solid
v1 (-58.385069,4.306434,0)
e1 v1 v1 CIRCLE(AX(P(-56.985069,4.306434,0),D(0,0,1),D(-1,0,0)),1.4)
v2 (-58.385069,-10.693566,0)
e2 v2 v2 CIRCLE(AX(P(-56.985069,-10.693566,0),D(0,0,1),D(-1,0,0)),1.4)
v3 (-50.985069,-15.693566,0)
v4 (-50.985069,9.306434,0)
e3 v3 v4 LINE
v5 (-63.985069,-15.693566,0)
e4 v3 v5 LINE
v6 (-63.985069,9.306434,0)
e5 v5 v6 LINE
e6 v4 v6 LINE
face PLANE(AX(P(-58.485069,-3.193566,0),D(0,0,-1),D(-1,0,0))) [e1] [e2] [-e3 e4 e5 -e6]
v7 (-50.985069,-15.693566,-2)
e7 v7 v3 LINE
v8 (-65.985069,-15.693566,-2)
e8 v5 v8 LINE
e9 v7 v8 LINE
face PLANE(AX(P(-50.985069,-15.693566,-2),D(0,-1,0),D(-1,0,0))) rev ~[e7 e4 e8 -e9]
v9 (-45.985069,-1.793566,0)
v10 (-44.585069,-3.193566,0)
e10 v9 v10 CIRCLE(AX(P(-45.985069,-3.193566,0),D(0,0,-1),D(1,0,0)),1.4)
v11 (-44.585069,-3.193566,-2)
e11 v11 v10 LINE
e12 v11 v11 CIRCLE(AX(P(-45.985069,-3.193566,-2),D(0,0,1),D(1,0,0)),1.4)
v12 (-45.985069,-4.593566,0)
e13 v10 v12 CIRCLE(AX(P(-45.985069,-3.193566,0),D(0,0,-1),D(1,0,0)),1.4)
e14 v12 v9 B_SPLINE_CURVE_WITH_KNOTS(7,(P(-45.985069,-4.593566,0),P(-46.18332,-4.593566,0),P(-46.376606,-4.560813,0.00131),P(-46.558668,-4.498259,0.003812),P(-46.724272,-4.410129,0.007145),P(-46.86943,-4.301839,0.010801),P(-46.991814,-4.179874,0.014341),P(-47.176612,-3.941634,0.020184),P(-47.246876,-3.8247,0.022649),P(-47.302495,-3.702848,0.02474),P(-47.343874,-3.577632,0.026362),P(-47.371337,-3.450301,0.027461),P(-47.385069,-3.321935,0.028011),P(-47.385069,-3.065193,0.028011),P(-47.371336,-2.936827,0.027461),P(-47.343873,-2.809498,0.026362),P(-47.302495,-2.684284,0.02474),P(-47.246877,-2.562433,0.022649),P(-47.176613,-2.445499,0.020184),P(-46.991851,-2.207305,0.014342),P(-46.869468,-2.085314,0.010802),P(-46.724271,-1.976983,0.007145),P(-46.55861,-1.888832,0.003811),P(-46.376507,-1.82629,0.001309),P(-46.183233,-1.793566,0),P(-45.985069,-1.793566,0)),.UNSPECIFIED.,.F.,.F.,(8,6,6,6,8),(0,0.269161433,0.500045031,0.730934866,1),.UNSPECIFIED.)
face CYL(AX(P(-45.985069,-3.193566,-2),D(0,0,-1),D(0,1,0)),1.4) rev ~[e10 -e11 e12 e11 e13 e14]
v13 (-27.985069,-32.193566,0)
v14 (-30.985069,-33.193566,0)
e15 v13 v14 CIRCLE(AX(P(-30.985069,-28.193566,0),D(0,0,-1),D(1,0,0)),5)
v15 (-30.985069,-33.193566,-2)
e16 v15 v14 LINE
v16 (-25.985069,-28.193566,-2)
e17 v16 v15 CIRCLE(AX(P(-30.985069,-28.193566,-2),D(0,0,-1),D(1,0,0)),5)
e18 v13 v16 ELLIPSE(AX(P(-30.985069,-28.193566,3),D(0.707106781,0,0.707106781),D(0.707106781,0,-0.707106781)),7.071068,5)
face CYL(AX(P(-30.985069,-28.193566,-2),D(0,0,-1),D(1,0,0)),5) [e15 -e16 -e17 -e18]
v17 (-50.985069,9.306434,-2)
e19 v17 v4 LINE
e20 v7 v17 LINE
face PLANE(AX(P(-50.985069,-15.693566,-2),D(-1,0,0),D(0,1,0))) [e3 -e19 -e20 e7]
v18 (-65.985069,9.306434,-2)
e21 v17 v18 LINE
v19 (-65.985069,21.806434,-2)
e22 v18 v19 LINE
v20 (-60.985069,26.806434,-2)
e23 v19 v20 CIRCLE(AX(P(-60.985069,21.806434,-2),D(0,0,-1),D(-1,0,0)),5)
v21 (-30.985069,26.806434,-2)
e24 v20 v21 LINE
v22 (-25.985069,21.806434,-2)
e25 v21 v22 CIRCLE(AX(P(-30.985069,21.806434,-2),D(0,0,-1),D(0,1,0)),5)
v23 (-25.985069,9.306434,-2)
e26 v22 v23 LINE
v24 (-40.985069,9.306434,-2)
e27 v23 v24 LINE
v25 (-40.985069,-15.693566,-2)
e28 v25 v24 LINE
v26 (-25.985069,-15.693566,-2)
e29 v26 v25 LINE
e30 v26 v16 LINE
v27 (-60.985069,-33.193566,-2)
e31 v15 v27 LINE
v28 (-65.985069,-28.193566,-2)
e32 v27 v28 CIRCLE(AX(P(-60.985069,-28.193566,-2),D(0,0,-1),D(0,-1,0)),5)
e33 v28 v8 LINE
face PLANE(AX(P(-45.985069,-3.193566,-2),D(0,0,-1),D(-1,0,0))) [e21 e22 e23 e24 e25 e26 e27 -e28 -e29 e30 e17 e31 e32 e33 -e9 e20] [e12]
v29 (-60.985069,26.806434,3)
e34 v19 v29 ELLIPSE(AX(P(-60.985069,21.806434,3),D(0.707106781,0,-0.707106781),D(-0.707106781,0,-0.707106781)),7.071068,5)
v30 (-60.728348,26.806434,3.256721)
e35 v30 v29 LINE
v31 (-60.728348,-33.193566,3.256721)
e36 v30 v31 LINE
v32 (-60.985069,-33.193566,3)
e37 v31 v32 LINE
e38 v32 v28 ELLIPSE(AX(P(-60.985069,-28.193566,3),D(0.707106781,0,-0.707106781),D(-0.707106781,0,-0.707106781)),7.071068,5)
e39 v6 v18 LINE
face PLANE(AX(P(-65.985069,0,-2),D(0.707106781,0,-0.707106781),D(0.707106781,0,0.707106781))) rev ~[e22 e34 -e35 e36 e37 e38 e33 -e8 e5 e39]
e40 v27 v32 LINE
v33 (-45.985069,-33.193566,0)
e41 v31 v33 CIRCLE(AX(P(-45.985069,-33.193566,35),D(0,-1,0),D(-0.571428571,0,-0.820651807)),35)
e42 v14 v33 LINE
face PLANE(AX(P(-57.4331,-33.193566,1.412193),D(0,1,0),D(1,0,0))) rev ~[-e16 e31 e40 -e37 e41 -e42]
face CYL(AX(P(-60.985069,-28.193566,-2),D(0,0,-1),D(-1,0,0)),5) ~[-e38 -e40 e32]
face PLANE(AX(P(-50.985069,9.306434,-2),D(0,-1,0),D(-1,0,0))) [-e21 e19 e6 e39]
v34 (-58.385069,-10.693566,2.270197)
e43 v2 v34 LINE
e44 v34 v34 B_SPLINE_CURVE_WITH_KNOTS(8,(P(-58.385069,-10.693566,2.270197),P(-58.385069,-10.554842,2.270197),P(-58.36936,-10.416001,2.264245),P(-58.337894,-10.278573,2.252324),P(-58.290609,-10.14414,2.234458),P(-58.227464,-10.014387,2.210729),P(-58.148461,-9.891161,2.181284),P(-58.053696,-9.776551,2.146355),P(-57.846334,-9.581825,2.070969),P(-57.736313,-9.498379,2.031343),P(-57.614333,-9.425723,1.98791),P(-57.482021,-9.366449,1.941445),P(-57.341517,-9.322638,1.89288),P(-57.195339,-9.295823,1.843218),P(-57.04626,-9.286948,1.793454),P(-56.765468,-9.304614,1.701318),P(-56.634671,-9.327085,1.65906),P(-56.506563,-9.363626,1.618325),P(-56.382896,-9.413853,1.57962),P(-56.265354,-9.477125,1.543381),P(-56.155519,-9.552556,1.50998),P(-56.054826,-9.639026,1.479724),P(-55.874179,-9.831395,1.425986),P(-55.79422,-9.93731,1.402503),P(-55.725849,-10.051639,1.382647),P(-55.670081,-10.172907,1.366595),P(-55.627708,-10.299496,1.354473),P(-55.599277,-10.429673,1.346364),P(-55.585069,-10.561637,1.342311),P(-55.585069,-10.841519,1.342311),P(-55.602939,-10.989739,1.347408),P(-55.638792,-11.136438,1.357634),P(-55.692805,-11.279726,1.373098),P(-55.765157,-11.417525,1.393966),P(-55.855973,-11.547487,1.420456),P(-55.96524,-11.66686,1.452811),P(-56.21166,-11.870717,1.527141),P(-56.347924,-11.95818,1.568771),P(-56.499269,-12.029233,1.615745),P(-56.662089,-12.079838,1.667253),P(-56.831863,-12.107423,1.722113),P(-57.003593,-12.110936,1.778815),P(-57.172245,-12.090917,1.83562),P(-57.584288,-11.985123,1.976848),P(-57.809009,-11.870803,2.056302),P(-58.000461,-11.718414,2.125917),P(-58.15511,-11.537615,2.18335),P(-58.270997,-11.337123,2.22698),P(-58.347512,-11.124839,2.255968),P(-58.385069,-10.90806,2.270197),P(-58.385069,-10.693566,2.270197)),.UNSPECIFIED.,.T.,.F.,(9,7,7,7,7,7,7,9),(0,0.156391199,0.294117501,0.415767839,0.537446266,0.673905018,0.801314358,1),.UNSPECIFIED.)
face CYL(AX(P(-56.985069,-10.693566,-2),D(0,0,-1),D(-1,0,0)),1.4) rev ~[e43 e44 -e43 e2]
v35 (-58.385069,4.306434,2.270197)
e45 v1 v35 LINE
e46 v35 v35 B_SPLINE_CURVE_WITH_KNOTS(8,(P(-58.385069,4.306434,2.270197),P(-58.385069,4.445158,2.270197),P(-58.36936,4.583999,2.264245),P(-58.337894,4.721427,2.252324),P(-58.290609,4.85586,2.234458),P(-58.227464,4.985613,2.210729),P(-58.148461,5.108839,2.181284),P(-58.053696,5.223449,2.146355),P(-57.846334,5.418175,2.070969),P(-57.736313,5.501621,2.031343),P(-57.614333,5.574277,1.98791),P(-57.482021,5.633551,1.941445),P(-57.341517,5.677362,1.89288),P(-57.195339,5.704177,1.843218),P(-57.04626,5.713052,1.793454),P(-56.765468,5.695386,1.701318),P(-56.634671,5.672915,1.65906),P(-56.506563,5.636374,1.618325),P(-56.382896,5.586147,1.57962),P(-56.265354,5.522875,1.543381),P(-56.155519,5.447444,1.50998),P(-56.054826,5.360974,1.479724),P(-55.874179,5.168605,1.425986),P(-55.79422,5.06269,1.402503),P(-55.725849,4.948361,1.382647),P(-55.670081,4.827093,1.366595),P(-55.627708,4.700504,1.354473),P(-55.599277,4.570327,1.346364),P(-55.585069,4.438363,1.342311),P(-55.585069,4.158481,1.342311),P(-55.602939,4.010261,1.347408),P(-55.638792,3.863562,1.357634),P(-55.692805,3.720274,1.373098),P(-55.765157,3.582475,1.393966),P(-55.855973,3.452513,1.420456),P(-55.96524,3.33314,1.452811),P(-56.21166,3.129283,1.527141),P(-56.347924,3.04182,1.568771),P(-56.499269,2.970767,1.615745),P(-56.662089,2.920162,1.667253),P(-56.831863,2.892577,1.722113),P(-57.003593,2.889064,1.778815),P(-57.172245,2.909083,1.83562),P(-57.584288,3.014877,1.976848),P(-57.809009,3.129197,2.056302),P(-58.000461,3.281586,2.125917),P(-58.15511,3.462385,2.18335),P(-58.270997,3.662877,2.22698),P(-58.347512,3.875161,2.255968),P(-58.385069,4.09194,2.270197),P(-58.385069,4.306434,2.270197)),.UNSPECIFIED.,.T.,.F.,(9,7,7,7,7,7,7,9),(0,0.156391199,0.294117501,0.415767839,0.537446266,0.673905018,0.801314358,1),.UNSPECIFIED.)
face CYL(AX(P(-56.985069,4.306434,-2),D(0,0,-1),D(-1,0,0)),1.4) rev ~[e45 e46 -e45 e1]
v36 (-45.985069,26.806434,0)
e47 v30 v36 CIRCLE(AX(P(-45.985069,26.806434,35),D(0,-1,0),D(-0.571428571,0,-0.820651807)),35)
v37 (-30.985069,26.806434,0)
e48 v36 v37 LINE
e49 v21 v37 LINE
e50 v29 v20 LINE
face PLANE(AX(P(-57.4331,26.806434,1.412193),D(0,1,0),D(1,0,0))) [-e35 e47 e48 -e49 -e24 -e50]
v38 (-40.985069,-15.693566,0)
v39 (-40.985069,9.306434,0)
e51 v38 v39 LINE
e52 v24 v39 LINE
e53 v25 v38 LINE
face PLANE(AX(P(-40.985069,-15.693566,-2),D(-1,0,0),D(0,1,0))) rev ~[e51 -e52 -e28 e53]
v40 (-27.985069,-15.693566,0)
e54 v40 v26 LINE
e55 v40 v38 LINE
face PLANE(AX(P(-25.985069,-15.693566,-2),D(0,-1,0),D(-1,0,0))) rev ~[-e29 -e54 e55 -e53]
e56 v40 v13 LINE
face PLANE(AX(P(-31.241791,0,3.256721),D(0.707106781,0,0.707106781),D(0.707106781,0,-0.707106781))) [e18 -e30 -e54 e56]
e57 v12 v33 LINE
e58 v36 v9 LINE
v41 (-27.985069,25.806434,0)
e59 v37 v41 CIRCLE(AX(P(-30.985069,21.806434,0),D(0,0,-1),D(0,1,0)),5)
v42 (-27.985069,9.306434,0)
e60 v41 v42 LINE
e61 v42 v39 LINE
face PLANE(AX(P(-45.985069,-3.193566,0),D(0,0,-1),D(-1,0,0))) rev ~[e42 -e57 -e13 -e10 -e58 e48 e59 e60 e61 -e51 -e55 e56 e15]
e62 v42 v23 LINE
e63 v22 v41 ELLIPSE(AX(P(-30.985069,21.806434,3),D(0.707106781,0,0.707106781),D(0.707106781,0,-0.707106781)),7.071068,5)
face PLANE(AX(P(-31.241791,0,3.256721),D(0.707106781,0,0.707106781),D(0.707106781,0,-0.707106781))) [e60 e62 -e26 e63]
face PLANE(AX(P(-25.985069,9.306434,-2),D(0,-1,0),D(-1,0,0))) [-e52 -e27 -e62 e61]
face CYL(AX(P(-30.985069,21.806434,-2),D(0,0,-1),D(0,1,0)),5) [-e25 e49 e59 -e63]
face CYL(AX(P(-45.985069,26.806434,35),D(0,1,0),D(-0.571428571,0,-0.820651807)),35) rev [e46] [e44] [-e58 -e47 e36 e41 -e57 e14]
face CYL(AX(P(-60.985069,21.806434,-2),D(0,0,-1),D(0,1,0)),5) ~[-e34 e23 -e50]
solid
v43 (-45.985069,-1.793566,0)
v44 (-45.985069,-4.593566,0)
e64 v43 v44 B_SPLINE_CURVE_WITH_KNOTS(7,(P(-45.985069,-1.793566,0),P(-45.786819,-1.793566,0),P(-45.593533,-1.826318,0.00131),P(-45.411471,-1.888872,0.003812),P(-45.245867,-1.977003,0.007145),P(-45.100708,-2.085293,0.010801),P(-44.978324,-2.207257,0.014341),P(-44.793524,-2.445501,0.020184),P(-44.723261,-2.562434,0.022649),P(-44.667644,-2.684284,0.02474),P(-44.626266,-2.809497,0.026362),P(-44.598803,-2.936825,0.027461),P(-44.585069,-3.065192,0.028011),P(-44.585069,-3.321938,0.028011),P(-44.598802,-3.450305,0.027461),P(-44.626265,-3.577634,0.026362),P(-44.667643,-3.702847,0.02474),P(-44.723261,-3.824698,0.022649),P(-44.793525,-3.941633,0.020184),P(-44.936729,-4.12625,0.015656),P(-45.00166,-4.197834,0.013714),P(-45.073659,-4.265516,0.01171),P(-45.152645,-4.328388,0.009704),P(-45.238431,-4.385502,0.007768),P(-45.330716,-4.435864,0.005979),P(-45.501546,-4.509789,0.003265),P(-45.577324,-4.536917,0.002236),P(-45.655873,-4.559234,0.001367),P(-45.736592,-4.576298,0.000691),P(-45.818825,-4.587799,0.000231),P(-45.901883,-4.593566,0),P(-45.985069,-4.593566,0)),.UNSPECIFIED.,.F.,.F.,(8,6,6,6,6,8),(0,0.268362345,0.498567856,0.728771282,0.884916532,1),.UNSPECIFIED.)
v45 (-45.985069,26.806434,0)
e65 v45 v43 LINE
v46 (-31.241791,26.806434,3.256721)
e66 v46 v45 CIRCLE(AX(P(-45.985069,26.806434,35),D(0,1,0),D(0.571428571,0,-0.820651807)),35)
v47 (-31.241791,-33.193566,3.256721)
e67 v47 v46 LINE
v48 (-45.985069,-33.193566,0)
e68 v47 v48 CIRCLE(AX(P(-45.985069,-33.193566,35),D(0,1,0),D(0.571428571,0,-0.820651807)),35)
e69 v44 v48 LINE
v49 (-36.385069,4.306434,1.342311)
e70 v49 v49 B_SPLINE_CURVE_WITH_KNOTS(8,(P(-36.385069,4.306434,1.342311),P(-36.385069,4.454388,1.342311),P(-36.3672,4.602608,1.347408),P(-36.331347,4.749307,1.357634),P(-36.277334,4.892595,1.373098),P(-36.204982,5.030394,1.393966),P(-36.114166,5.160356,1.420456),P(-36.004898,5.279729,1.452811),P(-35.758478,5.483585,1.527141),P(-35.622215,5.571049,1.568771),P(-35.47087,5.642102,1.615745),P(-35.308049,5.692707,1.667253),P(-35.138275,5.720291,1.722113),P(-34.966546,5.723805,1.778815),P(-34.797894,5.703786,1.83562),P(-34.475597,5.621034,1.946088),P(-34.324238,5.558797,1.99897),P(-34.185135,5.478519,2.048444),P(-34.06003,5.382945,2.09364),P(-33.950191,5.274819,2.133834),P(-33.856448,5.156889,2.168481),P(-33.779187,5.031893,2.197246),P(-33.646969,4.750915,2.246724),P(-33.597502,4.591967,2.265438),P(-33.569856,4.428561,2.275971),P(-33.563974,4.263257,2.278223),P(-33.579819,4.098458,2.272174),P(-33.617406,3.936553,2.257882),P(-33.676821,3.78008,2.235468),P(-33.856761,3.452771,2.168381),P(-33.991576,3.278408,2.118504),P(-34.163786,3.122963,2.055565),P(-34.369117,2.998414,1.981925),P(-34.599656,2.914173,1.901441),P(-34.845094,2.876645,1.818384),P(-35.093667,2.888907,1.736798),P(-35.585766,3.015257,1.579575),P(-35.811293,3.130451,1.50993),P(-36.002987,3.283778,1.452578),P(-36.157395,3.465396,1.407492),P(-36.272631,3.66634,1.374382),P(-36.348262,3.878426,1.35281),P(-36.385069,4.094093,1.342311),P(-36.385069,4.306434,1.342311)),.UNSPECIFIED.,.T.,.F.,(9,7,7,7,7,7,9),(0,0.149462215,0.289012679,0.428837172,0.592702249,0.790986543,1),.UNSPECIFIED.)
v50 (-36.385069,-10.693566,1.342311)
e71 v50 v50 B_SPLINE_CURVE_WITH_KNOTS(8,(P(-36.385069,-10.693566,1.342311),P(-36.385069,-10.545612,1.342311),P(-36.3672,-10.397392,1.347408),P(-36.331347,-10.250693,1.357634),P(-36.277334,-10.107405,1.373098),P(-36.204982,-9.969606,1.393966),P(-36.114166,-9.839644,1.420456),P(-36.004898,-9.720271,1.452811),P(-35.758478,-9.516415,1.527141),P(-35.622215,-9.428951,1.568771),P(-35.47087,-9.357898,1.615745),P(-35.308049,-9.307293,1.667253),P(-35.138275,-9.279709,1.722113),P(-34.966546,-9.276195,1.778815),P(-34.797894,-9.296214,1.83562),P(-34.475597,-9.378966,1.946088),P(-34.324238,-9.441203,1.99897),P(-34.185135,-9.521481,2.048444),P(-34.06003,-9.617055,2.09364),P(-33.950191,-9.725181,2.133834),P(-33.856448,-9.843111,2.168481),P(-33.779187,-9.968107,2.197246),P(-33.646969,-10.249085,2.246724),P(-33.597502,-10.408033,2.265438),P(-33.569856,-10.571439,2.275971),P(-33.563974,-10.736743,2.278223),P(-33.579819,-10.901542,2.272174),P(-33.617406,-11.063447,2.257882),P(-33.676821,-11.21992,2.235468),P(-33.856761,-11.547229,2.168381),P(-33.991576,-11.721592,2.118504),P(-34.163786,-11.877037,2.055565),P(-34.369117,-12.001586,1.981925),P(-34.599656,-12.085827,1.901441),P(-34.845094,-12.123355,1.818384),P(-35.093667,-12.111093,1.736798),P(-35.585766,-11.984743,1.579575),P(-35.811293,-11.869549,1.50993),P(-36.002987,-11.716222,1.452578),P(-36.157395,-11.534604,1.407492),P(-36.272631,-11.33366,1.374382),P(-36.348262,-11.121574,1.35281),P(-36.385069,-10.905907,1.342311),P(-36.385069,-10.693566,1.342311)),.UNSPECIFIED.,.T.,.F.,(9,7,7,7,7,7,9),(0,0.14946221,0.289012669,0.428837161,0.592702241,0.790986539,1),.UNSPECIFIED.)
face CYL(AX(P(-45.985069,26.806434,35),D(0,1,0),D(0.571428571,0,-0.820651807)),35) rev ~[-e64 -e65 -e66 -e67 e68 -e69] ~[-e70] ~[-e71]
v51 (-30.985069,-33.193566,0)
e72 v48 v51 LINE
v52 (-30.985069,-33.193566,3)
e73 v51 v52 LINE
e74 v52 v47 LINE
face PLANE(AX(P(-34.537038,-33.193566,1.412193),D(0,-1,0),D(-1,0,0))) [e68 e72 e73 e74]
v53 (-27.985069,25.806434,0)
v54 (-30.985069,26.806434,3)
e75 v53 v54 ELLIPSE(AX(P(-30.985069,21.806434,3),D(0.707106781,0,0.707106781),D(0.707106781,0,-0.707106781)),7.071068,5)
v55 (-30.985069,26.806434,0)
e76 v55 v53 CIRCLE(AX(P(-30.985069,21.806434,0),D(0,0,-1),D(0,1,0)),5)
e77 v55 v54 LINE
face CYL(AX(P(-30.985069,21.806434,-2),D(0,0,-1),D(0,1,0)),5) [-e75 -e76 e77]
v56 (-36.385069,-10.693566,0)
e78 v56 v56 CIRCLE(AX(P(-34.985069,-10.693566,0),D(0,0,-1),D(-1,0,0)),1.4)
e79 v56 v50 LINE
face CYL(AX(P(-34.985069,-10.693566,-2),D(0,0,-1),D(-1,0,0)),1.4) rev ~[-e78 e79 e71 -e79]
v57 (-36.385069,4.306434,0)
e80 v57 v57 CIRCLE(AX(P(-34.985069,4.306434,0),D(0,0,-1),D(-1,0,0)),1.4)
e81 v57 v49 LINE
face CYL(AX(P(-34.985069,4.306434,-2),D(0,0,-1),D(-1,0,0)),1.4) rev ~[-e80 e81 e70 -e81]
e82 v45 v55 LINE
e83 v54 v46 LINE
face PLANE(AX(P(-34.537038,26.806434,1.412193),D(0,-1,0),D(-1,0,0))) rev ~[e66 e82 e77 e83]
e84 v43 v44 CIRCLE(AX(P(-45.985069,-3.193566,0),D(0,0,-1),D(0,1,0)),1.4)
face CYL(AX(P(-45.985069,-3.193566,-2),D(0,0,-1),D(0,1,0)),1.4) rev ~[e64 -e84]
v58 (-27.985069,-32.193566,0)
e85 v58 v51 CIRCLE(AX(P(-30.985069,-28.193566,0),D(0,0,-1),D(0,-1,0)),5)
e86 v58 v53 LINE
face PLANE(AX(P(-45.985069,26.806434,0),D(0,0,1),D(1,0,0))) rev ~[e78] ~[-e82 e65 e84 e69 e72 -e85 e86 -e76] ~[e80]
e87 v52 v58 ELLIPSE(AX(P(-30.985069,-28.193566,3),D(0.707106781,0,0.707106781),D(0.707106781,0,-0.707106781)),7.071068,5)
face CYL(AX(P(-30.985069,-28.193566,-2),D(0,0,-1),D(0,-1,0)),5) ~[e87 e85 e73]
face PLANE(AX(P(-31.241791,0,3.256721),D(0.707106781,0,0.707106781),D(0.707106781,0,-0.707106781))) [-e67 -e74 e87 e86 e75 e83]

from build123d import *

# Parameters (mm, degrees)
SKETCH1_R           = 1.4
BOSS_EXTRUDE1_DEPTH = 2
BOSS_EXTRUDE5_DEPTH = 60
BOSS_EXTRUDE6_DEPTH = 60
SKETCH11_R          = 1.4
CUT_EXTRUDE2_DEPTH  = 60
CUT_EXTRUDE4_DEPTH  = 35
SKETCH14_W          = 15
SKETCH14_H          = 25
CUT_EXTRUDE5_DEPTH  = 2


with BuildPart() as part:
    # Sketch1 → Boss-Extrude1 (new body)
    with BuildSketch(Plane(origin=(0, 0, -2), x_dir=(-1, 0, 0), z_dir=(0, 0, -1))):
        with BuildLine():
            Line((60.9850693, 26.806434403), (30.9850693, 26.806434403))
            ThreePointArc((30.9850693, 26.806434403), (27.449535394, 25.341968309), (25.9850693, 21.806434403))
            Line((25.9850693, 21.806434403), (25.9850693, -28.193565597))
            ThreePointArc((25.9850693, -28.193565597), (27.449535394, -31.729099503), (30.9850693, -33.193565597))
            Line((30.9850693, -33.193565597), (60.9850693, -33.193565597))
            ThreePointArc((60.9850693, -33.193565597), (64.520603206, -31.729099503), (65.9850693, -28.193565597))
            Line((65.9850693, -28.193565597), (65.9850693, 21.806434403))
            ThreePointArc((65.9850693, 21.806434403), (64.520603206, 25.341968309), (60.9850693, 26.806434403))
        make_face()
        with Locations((34.9850693, 4.306434403)):
            Circle(SKETCH1_R, mode=Mode.SUBTRACT)
        with Locations((34.9850693, -10.693565597)):
            Circle(SKETCH1_R, mode=Mode.SUBTRACT)
        with Locations((56.9850693, 4.306434403)):
            Circle(SKETCH1_R, mode=Mode.SUBTRACT)
        with Locations((56.9850693, -10.693565597)):
            Circle(SKETCH1_R, mode=Mode.SUBTRACT)
        with Locations((45.9850693, -3.193565597)):
            Circle(SKETCH1_R, mode=Mode.SUBTRACT)
    extrude(amount=-BOSS_EXTRUDE1_DEPTH)

    # Sketch8 → Boss-Extrude5 (add)
    with BuildSketch(Plane(origin=(0, 26.806434403, 0), x_dir=(1, 0, 0), z_dir=(0, 1, 0))):
        with BuildLine():
            Line((-65.9850693, 0), (-65.9850693, -6.277186767))
            ThreePointArc((-65.9850693, -6.277186767), (-56.466041031, -1.606149794), (-45.9850693, 0))
            Line((-45.9850693, 0), (-65.9850693, 0))
        make_face()
    extrude(amount=-BOSS_EXTRUDE5_DEPTH)


with BuildPart() as body_2:
    # Sketch9 → Boss-Extrude6 (new body)
    with BuildSketch(Plane(origin=(0, 26.806434403, 0), x_dir=(1, 0, 0), z_dir=(0, 1, 0))):
        with BuildLine():
            Line((-25.9850693, 0), (-25.9850693, -6.277186767))
            ThreePointArc((-25.9850693, -6.277186767), (-35.504097569, -1.606149794), (-45.9850693, 0))
            Line((-45.9850693, 0), (-25.9850693, 0))
        make_face()
    extrude(amount=-BOSS_EXTRUDE6_DEPTH)


with BuildPart() as cut_extrude2_tool:
    # Sketch11 → Cut-Extrude2 (new body)
    with BuildSketch(Plane(origin=(0, 0, -2), x_dir=(-1, 0, 0), z_dir=(0, 0, -1))):
        with Locations((56.9850693, -10.693565597)):
            Circle(SKETCH11_R)
        with Locations((56.9850693, 4.306434403)):
            Circle(SKETCH11_R)
        with Locations((45.9850693, -3.193565597)):
            Circle(SKETCH11_R)
        with Locations((34.9850693, -10.693565597)):
            Circle(SKETCH11_R)
        with Locations((34.9850693, 4.306434403)):
            Circle(SKETCH11_R)
        with BuildLine():
            Line((25.9850693, -33.193565597), (30.9850693, -33.193565597))
            ThreePointArc((30.9850693, -33.193565597), (27.449535394, -31.729099503), (25.9850693, -28.193565597))
            Line((25.9850693, -28.193565597), (25.9850693, -33.193565597))
        make_face()
        with BuildLine():
            Line((60.9850693, -33.193565597), (65.9850693, -33.193565597))
            Line((65.9850693, -33.193565597), (65.9850693, -28.193565597))
            ThreePointArc((65.9850693, -28.193565597), (64.520603206, -31.729099503), (60.9850693, -33.193565597))
        make_face()
        with BuildLine():
            Line((65.9850693, 21.806434403), (65.9850693, 26.806434403))
            Line((65.9850693, 26.806434403), (60.9850693, 26.806434403))
            ThreePointArc((60.9850693, 26.806434403), (64.520603206, 25.341968309), (65.9850693, 21.806434403))
        make_face()
        with BuildLine():
            Line((25.9850693, 21.806434403), (25.9850693, 26.806434403))
            Line((25.9850693, 26.806434403), (30.9850693, 26.806434403))
            ThreePointArc((30.9850693, 26.806434403), (27.449535394, 25.341968309), (25.9850693, 21.806434403))
        make_face()
    extrude(amount=-CUT_EXTRUDE2_DEPTH)


with BuildPart() as part_1:
    add(part.part)

    # Cut-Extrude2: cut by cut_extrude2_tool
    add(cut_extrude2_tool.part, mode=Mode.SUBTRACT)


with BuildPart() as body_2_1:
    add(body_2.part)

    # Cut-Extrude2: cut by cut_extrude2_tool
    add(cut_extrude2_tool.part, mode=Mode.SUBTRACT)


with BuildPart() as cut_extrude4_tool:
    # Sketch13 → Cut-Extrude4 (new, symmetric)
    with BuildSketch(Plane(origin=(0, 0, 0), x_dir=(1, 0, 0), z_dir=(0, 1, 0))):
        with BuildLine():
            Line((-65.9850693, 2), (-60.728347898, -3.256721402))
            ThreePointArc((-60.728347898, -3.256721402), (-63.422232334, -4.652918669), (-65.9850693, -6.277186767))
            Line((-65.9850693, -6.277186767), (-65.9850693, 2))
        make_face()
        with BuildLine():
            Line((-25.9850693, 2), (-25.9850693, -6.277186767))
            ThreePointArc((-25.9850693, -6.277186767), (-28.547906265, -4.652918669), (-31.241790701, -3.256721402))
            Line((-31.241790701, -3.256721402), (-25.9850693, 2))
        make_face()
    extrude(amount=CUT_EXTRUDE4_DEPTH, both=True)


with BuildPart() as part_2:
    add(part_1.part)

    # Cut-Extrude4: cut by cut_extrude4_tool
    add(cut_extrude4_tool.part, mode=Mode.SUBTRACT)

    # Sketch14 → Cut-Extrude5 (cut)
    with BuildSketch(Plane(origin=(0, 0, -2), x_dir=(-1, 0, 0), z_dir=(0, 0, -1))):
        with Locations((33.4850693, -3.193565597)):
            Rectangle(SKETCH14_W, SKETCH14_H)
        with Locations((58.4850693, -3.193565597)):
            Rectangle(SKETCH14_W, SKETCH14_H)
    extrude(amount=-CUT_EXTRUDE5_DEPTH, mode=Mode.SUBTRACT)


with BuildPart() as body_2_2:
    add(body_2_1.part)

    # Cut-Extrude4: cut by cut_extrude4_tool
    add(cut_extrude4_tool.part, mode=Mode.SUBTRACT)


solid = Compound([part_2.part, body_2_2.part])
